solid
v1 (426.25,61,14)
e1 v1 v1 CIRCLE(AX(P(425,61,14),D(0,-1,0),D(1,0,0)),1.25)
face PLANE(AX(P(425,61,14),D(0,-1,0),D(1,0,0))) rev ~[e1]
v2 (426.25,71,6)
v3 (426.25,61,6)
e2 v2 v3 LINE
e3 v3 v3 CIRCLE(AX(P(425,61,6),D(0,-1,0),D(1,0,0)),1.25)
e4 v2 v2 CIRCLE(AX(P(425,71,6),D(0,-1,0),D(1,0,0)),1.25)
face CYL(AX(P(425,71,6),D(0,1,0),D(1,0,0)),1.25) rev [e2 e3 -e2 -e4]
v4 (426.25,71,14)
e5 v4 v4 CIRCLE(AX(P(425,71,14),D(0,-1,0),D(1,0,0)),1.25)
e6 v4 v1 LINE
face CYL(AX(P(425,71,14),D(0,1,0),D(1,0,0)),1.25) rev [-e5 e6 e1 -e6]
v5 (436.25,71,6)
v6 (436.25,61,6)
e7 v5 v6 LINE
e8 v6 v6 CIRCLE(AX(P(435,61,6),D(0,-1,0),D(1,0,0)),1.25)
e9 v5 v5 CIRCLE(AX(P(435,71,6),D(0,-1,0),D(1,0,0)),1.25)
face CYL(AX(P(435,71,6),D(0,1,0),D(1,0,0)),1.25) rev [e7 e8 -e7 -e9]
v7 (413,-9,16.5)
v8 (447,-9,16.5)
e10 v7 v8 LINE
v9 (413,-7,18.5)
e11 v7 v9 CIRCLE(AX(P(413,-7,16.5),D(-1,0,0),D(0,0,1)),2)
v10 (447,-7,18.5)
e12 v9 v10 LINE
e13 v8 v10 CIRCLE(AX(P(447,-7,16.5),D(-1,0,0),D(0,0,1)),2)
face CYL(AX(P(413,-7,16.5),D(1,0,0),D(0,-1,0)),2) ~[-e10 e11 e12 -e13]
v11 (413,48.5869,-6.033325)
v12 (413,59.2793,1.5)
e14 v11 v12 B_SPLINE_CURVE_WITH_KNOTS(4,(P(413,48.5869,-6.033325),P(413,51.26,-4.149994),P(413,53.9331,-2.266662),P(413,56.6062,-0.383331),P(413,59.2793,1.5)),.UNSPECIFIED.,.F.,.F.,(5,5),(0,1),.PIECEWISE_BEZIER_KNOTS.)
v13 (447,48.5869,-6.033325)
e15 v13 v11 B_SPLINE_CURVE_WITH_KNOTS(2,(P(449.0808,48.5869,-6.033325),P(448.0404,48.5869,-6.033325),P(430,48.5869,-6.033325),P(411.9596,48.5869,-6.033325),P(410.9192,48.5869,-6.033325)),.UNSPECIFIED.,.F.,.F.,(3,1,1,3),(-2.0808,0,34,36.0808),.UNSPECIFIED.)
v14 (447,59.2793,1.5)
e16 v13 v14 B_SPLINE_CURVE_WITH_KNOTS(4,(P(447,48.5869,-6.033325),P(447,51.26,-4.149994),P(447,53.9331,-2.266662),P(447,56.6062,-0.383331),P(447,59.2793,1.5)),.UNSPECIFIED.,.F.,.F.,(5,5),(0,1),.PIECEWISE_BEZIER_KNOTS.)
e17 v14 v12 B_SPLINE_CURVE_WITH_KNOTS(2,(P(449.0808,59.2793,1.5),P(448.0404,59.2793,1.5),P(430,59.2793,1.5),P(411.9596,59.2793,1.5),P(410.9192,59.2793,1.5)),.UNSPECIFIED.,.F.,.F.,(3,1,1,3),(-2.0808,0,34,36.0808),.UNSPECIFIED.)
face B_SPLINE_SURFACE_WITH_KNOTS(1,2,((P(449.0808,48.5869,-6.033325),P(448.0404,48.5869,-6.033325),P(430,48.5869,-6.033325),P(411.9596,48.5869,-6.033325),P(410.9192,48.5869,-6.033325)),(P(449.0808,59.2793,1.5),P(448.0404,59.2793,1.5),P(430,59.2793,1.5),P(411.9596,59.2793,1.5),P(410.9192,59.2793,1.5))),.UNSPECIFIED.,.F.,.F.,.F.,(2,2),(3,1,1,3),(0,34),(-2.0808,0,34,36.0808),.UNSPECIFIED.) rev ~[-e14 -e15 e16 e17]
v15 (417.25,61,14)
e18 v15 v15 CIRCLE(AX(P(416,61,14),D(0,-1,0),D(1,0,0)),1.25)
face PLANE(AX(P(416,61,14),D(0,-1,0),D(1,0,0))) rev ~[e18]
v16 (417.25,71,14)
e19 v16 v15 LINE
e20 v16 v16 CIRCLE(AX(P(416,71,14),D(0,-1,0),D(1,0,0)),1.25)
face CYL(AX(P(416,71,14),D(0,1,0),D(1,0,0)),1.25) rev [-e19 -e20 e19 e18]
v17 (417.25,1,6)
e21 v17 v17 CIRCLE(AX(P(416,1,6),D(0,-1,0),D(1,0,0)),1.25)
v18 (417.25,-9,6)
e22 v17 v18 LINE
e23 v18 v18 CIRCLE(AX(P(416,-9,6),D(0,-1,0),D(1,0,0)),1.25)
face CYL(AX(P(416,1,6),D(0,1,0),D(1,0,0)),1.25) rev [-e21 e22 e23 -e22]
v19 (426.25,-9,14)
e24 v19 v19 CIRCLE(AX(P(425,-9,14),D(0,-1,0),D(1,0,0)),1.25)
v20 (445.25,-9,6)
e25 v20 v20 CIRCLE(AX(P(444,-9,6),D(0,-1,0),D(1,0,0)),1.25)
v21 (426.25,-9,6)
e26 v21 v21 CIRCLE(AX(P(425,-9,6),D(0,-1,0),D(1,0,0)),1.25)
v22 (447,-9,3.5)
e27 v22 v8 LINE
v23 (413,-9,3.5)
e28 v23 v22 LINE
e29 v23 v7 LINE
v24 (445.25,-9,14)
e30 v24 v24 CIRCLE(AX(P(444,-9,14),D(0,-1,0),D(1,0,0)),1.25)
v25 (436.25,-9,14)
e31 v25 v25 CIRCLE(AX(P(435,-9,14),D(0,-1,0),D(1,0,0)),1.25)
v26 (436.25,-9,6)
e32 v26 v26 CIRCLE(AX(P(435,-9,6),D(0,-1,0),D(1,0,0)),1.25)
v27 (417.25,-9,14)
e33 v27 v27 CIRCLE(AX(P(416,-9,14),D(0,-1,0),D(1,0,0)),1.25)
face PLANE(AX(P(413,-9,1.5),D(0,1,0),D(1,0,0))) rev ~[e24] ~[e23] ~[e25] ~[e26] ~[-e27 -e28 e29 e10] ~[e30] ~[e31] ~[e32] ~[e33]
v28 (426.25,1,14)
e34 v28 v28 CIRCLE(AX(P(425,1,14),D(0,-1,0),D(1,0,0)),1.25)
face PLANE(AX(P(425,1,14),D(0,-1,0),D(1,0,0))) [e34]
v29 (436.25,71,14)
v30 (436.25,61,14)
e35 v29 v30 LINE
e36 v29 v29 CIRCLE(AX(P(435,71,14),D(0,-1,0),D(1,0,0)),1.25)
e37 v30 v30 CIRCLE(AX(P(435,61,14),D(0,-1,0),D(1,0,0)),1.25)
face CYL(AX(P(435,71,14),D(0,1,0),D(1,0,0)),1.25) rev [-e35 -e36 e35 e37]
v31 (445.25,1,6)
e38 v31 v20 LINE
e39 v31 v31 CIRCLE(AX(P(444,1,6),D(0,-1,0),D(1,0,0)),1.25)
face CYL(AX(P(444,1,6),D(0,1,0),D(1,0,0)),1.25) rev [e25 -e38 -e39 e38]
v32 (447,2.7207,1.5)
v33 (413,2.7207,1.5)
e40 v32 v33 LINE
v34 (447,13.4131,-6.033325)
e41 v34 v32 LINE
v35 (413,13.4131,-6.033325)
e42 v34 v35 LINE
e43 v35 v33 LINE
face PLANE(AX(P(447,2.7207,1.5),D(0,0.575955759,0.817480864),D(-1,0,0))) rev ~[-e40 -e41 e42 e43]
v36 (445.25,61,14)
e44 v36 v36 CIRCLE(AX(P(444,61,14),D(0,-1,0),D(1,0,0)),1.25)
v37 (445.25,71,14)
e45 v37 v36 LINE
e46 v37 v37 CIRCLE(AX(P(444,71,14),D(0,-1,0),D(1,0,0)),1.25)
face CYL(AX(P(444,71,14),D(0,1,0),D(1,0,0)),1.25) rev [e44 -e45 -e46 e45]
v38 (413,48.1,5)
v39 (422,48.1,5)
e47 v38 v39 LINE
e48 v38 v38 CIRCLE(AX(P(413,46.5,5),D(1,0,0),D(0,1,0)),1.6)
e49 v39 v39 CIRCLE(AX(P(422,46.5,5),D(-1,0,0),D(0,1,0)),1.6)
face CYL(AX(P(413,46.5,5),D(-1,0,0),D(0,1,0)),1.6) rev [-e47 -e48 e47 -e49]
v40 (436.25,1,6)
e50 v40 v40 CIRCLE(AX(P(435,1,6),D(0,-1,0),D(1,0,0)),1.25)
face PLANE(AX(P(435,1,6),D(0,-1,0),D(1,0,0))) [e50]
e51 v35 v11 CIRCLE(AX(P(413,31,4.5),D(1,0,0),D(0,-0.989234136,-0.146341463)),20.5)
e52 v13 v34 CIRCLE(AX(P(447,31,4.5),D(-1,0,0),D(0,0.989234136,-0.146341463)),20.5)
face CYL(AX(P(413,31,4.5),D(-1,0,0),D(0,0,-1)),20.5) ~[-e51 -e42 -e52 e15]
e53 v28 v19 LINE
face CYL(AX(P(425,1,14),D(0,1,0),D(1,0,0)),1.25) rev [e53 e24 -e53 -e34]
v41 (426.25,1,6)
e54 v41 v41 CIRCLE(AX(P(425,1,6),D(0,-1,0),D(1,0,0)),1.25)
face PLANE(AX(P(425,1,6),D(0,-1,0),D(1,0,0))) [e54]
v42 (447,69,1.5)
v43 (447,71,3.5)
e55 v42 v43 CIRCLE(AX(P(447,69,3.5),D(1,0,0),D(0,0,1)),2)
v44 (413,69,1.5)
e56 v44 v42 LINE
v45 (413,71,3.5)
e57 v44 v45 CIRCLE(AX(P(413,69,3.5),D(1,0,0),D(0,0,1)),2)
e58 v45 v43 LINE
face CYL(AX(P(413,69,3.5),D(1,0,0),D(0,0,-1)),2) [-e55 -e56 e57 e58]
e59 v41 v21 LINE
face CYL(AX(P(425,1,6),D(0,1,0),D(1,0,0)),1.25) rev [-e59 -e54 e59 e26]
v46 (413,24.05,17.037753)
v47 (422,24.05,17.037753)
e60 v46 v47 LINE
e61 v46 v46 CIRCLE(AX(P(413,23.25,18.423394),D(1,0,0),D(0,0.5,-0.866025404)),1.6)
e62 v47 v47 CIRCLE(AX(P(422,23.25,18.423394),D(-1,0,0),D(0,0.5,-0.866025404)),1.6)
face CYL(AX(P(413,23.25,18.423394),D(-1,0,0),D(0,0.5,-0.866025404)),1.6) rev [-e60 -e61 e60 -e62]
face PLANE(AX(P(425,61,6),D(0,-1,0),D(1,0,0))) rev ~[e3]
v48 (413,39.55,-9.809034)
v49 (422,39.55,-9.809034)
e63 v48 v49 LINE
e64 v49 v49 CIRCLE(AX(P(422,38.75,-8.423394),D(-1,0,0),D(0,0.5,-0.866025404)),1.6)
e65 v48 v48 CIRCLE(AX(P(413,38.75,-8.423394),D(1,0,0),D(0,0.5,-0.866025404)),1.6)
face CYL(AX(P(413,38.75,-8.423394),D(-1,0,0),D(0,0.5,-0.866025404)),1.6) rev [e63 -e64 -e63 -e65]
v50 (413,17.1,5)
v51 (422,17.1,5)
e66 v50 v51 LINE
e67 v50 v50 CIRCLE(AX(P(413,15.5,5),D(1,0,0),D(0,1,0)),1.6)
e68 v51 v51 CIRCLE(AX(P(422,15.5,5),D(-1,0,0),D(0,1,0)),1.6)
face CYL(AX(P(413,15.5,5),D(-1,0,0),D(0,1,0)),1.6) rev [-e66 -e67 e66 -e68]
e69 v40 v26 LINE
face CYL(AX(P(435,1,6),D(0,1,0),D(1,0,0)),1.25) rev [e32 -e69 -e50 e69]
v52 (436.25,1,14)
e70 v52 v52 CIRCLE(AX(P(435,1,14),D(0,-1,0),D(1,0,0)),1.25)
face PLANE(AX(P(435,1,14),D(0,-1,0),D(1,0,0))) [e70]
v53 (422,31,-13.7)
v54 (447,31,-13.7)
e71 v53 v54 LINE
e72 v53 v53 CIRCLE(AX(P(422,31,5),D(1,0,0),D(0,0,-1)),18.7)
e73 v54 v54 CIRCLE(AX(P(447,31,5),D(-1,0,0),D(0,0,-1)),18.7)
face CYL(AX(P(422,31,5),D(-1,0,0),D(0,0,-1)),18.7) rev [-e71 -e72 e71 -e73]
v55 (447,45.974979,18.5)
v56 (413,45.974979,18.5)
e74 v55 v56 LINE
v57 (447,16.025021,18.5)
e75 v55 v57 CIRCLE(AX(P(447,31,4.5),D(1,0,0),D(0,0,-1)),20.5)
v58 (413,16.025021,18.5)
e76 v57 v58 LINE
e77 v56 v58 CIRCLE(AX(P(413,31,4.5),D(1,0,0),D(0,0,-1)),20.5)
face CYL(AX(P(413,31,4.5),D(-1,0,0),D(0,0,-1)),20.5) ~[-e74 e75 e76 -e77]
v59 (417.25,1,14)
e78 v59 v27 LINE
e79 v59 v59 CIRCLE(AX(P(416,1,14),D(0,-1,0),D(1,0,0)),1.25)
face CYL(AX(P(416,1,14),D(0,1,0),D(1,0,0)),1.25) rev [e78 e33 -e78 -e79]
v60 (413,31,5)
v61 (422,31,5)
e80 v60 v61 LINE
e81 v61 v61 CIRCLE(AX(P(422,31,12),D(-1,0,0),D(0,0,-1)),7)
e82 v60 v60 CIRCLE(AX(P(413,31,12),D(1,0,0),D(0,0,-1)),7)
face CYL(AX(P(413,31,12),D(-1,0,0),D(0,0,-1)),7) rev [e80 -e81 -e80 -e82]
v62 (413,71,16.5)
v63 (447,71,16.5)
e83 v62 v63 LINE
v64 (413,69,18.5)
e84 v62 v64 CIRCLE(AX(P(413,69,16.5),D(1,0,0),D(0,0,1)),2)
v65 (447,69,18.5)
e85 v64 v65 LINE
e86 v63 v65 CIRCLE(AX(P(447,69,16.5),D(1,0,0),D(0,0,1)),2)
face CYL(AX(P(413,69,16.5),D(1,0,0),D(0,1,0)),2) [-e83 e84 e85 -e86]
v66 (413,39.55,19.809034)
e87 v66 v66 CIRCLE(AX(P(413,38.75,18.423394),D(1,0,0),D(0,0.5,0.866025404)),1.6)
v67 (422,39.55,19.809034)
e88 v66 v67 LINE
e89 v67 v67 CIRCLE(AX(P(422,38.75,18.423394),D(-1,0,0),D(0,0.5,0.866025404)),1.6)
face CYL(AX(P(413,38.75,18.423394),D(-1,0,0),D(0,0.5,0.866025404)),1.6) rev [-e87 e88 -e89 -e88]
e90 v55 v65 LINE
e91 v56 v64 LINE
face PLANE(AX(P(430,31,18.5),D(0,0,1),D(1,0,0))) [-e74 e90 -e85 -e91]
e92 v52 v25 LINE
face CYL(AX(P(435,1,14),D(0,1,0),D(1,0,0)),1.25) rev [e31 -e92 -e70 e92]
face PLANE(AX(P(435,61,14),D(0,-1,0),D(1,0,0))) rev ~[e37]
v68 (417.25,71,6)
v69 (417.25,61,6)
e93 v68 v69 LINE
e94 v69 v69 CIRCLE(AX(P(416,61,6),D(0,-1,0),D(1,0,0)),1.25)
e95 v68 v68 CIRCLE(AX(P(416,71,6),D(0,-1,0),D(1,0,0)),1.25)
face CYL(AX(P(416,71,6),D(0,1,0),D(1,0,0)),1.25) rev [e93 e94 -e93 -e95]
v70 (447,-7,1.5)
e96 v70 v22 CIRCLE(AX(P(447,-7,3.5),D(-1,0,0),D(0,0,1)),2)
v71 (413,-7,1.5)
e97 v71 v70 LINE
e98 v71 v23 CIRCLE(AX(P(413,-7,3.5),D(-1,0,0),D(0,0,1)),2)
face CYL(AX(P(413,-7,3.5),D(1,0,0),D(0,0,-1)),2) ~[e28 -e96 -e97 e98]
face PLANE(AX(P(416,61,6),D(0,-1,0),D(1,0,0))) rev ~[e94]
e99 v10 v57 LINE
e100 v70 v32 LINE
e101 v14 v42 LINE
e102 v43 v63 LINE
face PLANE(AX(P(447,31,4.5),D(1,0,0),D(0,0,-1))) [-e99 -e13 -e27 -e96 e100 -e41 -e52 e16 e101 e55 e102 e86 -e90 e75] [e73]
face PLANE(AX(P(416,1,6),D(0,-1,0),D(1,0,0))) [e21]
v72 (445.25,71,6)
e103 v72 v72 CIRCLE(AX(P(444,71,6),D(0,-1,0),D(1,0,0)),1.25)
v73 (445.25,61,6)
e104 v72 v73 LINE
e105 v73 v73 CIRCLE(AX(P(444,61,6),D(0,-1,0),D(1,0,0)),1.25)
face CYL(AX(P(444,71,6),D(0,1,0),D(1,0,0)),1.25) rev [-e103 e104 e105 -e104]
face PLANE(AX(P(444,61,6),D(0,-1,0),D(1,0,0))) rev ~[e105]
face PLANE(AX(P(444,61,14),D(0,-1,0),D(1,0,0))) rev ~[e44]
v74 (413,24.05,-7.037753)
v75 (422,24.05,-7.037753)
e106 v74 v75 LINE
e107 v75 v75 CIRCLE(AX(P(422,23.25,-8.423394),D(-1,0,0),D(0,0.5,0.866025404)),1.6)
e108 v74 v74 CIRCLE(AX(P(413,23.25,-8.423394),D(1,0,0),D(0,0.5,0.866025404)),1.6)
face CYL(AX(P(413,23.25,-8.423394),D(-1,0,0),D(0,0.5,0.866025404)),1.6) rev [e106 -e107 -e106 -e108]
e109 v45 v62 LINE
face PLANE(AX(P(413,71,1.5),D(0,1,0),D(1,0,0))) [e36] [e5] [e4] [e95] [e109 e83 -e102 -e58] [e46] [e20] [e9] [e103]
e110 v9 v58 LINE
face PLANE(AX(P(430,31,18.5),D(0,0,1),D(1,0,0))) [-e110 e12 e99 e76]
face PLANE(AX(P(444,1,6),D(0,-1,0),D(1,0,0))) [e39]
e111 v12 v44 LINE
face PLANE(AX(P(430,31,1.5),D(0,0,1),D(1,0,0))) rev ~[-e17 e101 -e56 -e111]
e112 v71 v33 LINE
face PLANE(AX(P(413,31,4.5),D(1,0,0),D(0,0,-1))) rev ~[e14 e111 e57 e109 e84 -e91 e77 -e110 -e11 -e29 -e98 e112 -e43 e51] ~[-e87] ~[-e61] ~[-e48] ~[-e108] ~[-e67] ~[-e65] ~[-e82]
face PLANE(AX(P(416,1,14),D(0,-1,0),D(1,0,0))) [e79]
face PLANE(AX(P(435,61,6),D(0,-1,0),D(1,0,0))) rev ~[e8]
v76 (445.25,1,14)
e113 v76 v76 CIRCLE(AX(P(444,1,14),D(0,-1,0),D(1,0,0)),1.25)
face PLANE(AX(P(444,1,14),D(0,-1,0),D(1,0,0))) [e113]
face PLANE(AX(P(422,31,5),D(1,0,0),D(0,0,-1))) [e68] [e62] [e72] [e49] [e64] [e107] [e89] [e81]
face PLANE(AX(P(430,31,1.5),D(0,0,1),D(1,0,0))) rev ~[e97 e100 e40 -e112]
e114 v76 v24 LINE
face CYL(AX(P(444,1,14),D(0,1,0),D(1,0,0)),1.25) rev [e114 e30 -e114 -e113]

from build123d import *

# Parameters (mm, degrees)
CYLINDER383_R             = 1.25
CYLINDER383_DEPTH         = 10
CYLINDER384_R             = 1.25
CYLINDER384_DEPTH         = 10
CYLINDER385_R             = 1.25
CYLINDER385_DEPTH         = 10
CYLINDER386_R             = 1.25
CYLINDER386_DEPTH         = 10
CYLINDER388_R             = 1.25
CYLINDER388_DEPTH         = 10
CYLINDER387_R             = 1.25
CYLINDER387_DEPTH         = 10
CYLINDER381_R             = 1.25
CYLINDER381_DEPTH         = 10
CYLINDER382_R             = 1.25
CYLINDER382_DEPTH         = 10
BOX267_W                  = 10
BOX267_H                  = 10
BOX267_DEPTH              = 10
CYLINDER377_R             = 1.6
CYLINDER377_DEPTH         = 10
CYLINDER378_R             = 1.6
CYLINDER378_DEPTH         = 10
FUSION322_PLACEMENT_ANGLE = 120
CYLINDER380_R             = 1.6
CYLINDER380_DEPTH         = 10
CYLINDER379_R             = 1.6
CYLINDER379_DEPTH         = 10
CYLINDER375_R             = 1.6
CYLINDER375_DEPTH         = 10
CYLINDER376_R             = 1.6
CYLINDER376_DEPTH         = 10
FUSION321_PLACEMENT_ANGLE = 60
FUSION324_PLACEMENT_ANGLE = 30
CUT276_PLACEMENT_ANGLE    = 90
CYLINDER374_R             = 18.7
CYLINDER374_DEPTH         = 75
CYLINDER373_R             = 7
CYLINDER373_DEPTH         = 10
CYLINDER372_R             = 20.5
CYLINDER372_DEPTH         = 34
BOX266_W                  = 34
BOX266_H                  = 80
BOX266_DEPTH              = 17
CHAMFER026_SIZE           = 8
FILLET103_R               = 2


with BuildPart() as cylinder383:
    # Cylinder383 → Cylinder383 (new body)
    with BuildSketch(Plane(origin=(87.5, 71, 14), x_dir=(1, 0, 0), z_dir=(0, -1, 0))):
        Circle(CYLINDER383_R)
    extrude(amount=CYLINDER383_DEPTH)


with BuildPart() as cylinder384:
    # Cylinder384 → Cylinder384 (new body)
    with BuildSketch(Plane(origin=(87.5, 1, 14), x_dir=(1, 0, 0), z_dir=(0, -1, 0))):
        Circle(CYLINDER384_R)
    extrude(amount=CYLINDER384_DEPTH)


with BuildPart() as fusion332:
    # Fusion332 base: copy of Cylinder384
    add(cylinder384.part)

    # Fusion332: union Cylinder383
    add(cylinder383.part)


with BuildPart() as fusion332_1:
    # Fusion332 placement: moved
    add(fusion332.part.moved(Location((251.5, 0, 0))))


with BuildPart() as cylinder385:
    # Cylinder385 → Cylinder385 (new body)
    with BuildSketch(Plane(origin=(87.5, 71, 14), x_dir=(1, 0, 0), z_dir=(0, -1, 0))):
        Circle(CYLINDER385_R)
    extrude(amount=CYLINDER385_DEPTH)


with BuildPart() as cylinder386:
    # Cylinder386 → Cylinder386 (new body)
    with BuildSketch(Plane(origin=(87.5, 1, 14), x_dir=(1, 0, 0), z_dir=(0, -1, 0))):
        Circle(CYLINDER386_R)
    extrude(amount=CYLINDER386_DEPTH)


with BuildPart() as fusion333:
    # Fusion333 base: copy of Cylinder386
    add(cylinder386.part)

    # Fusion333: union Cylinder385
    add(cylinder385.part)


with BuildPart() as fusion333_1:
    # Fusion333 placement: moved
    add(fusion333.part.moved(Location((261.5, 0, 0))))


with BuildPart() as cylinder388:
    # Cylinder388 → Cylinder388 (new body)
    with BuildSketch(Plane(origin=(87.5, 71, 14), x_dir=(1, 0, 0), z_dir=(0, -1, 0))):
        Circle(CYLINDER388_R)
    extrude(amount=CYLINDER388_DEPTH)


with BuildPart() as cylinder387:
    # Cylinder387 → Cylinder387 (new body)
    with BuildSketch(Plane(origin=(87.5, 1, 14), x_dir=(1, 0, 0), z_dir=(0, -1, 0))):
        Circle(CYLINDER387_R)
    extrude(amount=CYLINDER387_DEPTH)


with BuildPart() as fusion331:
    # Fusion331 base: copy of Cylinder387
    add(cylinder387.part)

    # Fusion331: union Cylinder388
    add(cylinder388.part)


with BuildPart() as fusion331_1:
    # Fusion331 placement: moved
    add(fusion331.part.moved(Location((270.5, 0, 0))))


with BuildPart() as cylinder381:
    # Cylinder381 → Cylinder381 (new body)
    with BuildSketch(Plane(origin=(87.5, 71, 14), x_dir=(1, 0, 0), z_dir=(0, -1, 0))):
        Circle(CYLINDER381_R)
    extrude(amount=CYLINDER381_DEPTH)


with BuildPart() as cylinder382:
    # Cylinder382 → Cylinder382 (new body)
    with BuildSketch(Plane(origin=(87.5, 1, 14), x_dir=(1, 0, 0), z_dir=(0, -1, 0))):
        Circle(CYLINDER382_R)
    extrude(amount=CYLINDER382_DEPTH)


with BuildPart() as fusion330:
    # Fusion334 base: copy of Cylinder382
    add(cylinder382.part)

    # Fusion334: union Cylinder381
    add(cylinder381.part)


with BuildPart() as fusion330_1:
    # Fusion334 placement: moved
    add(fusion330.part.moved(Location((242.5, 0, 0))))

    # Fusion330: union Fusion332, Fusion333, Fusion331
    add(fusion332_1.part)
    add(fusion333_1.part)
    add(fusion331_1.part)


with BuildPart() as fusion330_2:
    # Fusion330 placement: moved
    add(fusion330_1.part.moved(Location((0, 0, -8))))


with BuildPart() as fusion326:
    # Fusion326 base: copy of Cylinder384
    add(cylinder384.part)

    # Fusion326: union Cylinder383
    add(cylinder383.part)


with BuildPart() as fusion326_1:
    # Fusion326 placement: moved
    add(fusion326.part.moved(Location((251.5, 0, 0))))


with BuildPart() as fusion327:
    # Fusion327 base: copy of Cylinder386
    add(cylinder386.part)

    # Fusion327: union Cylinder385
    add(cylinder385.part)


with BuildPart() as fusion327_1:
    # Fusion327 placement: moved
    add(fusion327.part.moved(Location((261.5, 0, 0))))


with BuildPart() as fusion328:
    # Fusion328 base: copy of Cylinder387
    add(cylinder387.part)

    # Fusion328: union Cylinder388
    add(cylinder388.part)


with BuildPart() as fusion328_1:
    # Fusion328 placement: moved
    add(fusion328.part.moved(Location((270.5, 0, 0))))


with BuildPart() as fusion335:
    # Fusion325 base: copy of Cylinder382
    add(cylinder382.part)

    # Fusion325: union Cylinder381
    add(cylinder381.part)


with BuildPart() as fusion335_1:
    # Fusion325 placement: moved
    add(fusion335.part.moved(Location((242.5, 0, 0))))

    # Fusion329: union Fusion326, Fusion327, Fusion328
    add(fusion326_1.part)
    add(fusion327_1.part)
    add(fusion328_1.part)

    # Fusion335: union Fusion330
    add(fusion330_2.part)


with BuildPart() as cube347:
    # Box267 → Box267 (new body)
    with BuildSketch(Plane.XY):
        with Locations((5, 5)):
            Rectangle(BOX267_W, BOX267_H)
    extrude(amount=BOX267_DEPTH)


with BuildPart() as cylinder377:
    # Cylinder377 → Cylinder377 (new body)
    with BuildSketch(Plane(origin=(15.5, 0, 0), x_dir=(1, 0, 0), z_dir=(0, 0, 1))):
        Circle(CYLINDER377_R)
    extrude(amount=CYLINDER377_DEPTH)


with BuildPart() as fusion322:
    # Cylinder378 → Cylinder378 (new body)
    with BuildSketch(Plane(origin=(-15.5, 0, 0), x_dir=(1, 0, 0), z_dir=(0, 0, 1))):
        Circle(CYLINDER378_R)
    extrude(amount=CYLINDER378_DEPTH)

    # Fusion322: union Cylinder377
    add(cylinder377.part)


with BuildPart() as fusion322_1:
    # Fusion322 placement: moved
    add(fusion322.part.rotate(Axis((0, 0, 0), (0, 0, 1)), FUSION322_PLACEMENT_ANGLE))


with BuildPart() as cylinder380:
    # Cylinder380 → Cylinder380 (new body)
    with BuildSketch(Plane(origin=(15.5, 0, 0), x_dir=(1, 0, 0), z_dir=(0, 0, 1))):
        Circle(CYLINDER380_R)
    extrude(amount=CYLINDER380_DEPTH)


with BuildPart() as fusion323:
    # Cylinder379 → Cylinder379 (new body)
    with BuildSketch(Plane(origin=(-15.5, 0, 0), x_dir=(1, 0, 0), z_dir=(0, 0, 1))):
        Circle(CYLINDER379_R)
    extrude(amount=CYLINDER379_DEPTH)

    # Fusion323: union Cylinder380
    add(cylinder380.part)


with BuildPart() as cylinder375:
    # Cylinder375 → Cylinder375 (new body)
    with BuildSketch(Plane(origin=(15.5, 0, 0), x_dir=(1, 0, 0), z_dir=(0, 0, 1))):
        Circle(CYLINDER375_R)
    extrude(amount=CYLINDER375_DEPTH)


with BuildPart() as holes003:
    # Cylinder376 → Cylinder376 (new body)
    with BuildSketch(Plane(origin=(-15.5, 0, 0), x_dir=(1, 0, 0), z_dir=(0, 0, 1))):
        Circle(CYLINDER376_R)
    extrude(amount=CYLINDER376_DEPTH)

    # Fusion321: union Cylinder375
    add(cylinder375.part)


with BuildPart() as holes003_1:
    # Fusion321 placement: moved
    add(holes003.part.rotate(Axis((0, 0, 0), (0, 0, 1)), FUSION321_PLACEMENT_ANGLE))

    # Fusion324: union Fusion322, Fusion323
    add(fusion322_1.part)
    add(fusion323.part)


with BuildPart() as holes003_2:
    # Fusion324 placement: moved
    add(holes003_1.part.rotate(Axis((0, 0, 0), (0, 0, 1)), FUSION324_PLACEMENT_ANGLE))

    # Cut276: cut Cube347
    add(cube347.part, mode=Mode.SUBTRACT)


with BuildPart() as holes003_3:
    # Cut276 placement: moved
    add(holes003_2.part.moved(Location((327, 31, 5))).rotate(Axis((327, 31, 5), (0, 1, 0)), CUT276_PLACEMENT_ANGLE))


with BuildPart() as cylinder374:
    # Cylinder374 → Cylinder374 (new body)
    with BuildSketch(Plane(origin=(336, 31, 5), x_dir=(0, 0, -1), z_dir=(1, 0, 0))):
        Circle(CYLINDER374_R)
    extrude(amount=CYLINDER374_DEPTH)


with BuildPart() as cylinder373:
    # Cylinder373 → Cylinder373 (new body)
    with BuildSketch(Plane(origin=(327, 31, 12), x_dir=(0, 0, -1), z_dir=(1, 0, 0))):
        Circle(CYLINDER373_R)
    extrude(amount=CYLINDER373_DEPTH)


with BuildPart() as cylinder372:
    # Cylinder372 → Cylinder372 (new body)
    with BuildSketch(Plane(origin=(326, 31, 4.5), x_dir=(0, 0, -1), z_dir=(1, 0, 0))):
        Circle(CYLINDER372_R)
    extrude(amount=CYLINDER372_DEPTH)


with BuildPart() as motor_support_wide:
    # Box266 → Box266 (new body)
    with BuildSketch(Plane(origin=(326, -9, 1.5), x_dir=(1, 0, 0), z_dir=(0, 0, 1))):
        with Locations((17, 40)):
            Rectangle(BOX266_W, BOX266_H)
    extrude(amount=BOX266_DEPTH)

    # Fusion336: union Cylinder372
    add(cylinder372.part)

    # Chamfer026
    chamfer026_edges = [motor_support_wide.edges().sort_by_distance(p)[0] for p in [
        (343, 51.2793, 1.5),
        (343, 10.7207, 1.5),
    ]]
    chamfer(chamfer026_edges, length=CHAMFER026_SIZE)

    # Fillet103
    fillet103_edges = [motor_support_wide.edges().sort_by_distance(p)[0] for p in [
        (343, 71, 1.5),
        (343, 71, 18.5),
        (343, -9, 18.5),
        (343, -9, 1.5),
    ]]
    fillet(fillet103_edges, radius=FILLET103_R)


with BuildPart() as motor_support_wide_1:
    # Fillet103 placement: moved
    add(motor_support_wide.part.moved(Location((1, 0, 0))))

    # Cut277: cut Cylinder373
    add(cylinder373.part, mode=Mode.SUBTRACT)

    # Cut278: cut Cylinder374
    add(cylinder374.part, mode=Mode.SUBTRACT)

    # Cut279: cut holes003
    add(holes003_3.part, mode=Mode.SUBTRACT)

    # Cut280: cut Fusion335
    add(fusion335_1.part, mode=Mode.SUBTRACT)


with BuildPart() as motor_support_wide_2:
    # Cut280 placement: moved
    add(motor_support_wide_1.part.moved(Location((86, 0, 0))))


solid = motor_support_wide_2.part
